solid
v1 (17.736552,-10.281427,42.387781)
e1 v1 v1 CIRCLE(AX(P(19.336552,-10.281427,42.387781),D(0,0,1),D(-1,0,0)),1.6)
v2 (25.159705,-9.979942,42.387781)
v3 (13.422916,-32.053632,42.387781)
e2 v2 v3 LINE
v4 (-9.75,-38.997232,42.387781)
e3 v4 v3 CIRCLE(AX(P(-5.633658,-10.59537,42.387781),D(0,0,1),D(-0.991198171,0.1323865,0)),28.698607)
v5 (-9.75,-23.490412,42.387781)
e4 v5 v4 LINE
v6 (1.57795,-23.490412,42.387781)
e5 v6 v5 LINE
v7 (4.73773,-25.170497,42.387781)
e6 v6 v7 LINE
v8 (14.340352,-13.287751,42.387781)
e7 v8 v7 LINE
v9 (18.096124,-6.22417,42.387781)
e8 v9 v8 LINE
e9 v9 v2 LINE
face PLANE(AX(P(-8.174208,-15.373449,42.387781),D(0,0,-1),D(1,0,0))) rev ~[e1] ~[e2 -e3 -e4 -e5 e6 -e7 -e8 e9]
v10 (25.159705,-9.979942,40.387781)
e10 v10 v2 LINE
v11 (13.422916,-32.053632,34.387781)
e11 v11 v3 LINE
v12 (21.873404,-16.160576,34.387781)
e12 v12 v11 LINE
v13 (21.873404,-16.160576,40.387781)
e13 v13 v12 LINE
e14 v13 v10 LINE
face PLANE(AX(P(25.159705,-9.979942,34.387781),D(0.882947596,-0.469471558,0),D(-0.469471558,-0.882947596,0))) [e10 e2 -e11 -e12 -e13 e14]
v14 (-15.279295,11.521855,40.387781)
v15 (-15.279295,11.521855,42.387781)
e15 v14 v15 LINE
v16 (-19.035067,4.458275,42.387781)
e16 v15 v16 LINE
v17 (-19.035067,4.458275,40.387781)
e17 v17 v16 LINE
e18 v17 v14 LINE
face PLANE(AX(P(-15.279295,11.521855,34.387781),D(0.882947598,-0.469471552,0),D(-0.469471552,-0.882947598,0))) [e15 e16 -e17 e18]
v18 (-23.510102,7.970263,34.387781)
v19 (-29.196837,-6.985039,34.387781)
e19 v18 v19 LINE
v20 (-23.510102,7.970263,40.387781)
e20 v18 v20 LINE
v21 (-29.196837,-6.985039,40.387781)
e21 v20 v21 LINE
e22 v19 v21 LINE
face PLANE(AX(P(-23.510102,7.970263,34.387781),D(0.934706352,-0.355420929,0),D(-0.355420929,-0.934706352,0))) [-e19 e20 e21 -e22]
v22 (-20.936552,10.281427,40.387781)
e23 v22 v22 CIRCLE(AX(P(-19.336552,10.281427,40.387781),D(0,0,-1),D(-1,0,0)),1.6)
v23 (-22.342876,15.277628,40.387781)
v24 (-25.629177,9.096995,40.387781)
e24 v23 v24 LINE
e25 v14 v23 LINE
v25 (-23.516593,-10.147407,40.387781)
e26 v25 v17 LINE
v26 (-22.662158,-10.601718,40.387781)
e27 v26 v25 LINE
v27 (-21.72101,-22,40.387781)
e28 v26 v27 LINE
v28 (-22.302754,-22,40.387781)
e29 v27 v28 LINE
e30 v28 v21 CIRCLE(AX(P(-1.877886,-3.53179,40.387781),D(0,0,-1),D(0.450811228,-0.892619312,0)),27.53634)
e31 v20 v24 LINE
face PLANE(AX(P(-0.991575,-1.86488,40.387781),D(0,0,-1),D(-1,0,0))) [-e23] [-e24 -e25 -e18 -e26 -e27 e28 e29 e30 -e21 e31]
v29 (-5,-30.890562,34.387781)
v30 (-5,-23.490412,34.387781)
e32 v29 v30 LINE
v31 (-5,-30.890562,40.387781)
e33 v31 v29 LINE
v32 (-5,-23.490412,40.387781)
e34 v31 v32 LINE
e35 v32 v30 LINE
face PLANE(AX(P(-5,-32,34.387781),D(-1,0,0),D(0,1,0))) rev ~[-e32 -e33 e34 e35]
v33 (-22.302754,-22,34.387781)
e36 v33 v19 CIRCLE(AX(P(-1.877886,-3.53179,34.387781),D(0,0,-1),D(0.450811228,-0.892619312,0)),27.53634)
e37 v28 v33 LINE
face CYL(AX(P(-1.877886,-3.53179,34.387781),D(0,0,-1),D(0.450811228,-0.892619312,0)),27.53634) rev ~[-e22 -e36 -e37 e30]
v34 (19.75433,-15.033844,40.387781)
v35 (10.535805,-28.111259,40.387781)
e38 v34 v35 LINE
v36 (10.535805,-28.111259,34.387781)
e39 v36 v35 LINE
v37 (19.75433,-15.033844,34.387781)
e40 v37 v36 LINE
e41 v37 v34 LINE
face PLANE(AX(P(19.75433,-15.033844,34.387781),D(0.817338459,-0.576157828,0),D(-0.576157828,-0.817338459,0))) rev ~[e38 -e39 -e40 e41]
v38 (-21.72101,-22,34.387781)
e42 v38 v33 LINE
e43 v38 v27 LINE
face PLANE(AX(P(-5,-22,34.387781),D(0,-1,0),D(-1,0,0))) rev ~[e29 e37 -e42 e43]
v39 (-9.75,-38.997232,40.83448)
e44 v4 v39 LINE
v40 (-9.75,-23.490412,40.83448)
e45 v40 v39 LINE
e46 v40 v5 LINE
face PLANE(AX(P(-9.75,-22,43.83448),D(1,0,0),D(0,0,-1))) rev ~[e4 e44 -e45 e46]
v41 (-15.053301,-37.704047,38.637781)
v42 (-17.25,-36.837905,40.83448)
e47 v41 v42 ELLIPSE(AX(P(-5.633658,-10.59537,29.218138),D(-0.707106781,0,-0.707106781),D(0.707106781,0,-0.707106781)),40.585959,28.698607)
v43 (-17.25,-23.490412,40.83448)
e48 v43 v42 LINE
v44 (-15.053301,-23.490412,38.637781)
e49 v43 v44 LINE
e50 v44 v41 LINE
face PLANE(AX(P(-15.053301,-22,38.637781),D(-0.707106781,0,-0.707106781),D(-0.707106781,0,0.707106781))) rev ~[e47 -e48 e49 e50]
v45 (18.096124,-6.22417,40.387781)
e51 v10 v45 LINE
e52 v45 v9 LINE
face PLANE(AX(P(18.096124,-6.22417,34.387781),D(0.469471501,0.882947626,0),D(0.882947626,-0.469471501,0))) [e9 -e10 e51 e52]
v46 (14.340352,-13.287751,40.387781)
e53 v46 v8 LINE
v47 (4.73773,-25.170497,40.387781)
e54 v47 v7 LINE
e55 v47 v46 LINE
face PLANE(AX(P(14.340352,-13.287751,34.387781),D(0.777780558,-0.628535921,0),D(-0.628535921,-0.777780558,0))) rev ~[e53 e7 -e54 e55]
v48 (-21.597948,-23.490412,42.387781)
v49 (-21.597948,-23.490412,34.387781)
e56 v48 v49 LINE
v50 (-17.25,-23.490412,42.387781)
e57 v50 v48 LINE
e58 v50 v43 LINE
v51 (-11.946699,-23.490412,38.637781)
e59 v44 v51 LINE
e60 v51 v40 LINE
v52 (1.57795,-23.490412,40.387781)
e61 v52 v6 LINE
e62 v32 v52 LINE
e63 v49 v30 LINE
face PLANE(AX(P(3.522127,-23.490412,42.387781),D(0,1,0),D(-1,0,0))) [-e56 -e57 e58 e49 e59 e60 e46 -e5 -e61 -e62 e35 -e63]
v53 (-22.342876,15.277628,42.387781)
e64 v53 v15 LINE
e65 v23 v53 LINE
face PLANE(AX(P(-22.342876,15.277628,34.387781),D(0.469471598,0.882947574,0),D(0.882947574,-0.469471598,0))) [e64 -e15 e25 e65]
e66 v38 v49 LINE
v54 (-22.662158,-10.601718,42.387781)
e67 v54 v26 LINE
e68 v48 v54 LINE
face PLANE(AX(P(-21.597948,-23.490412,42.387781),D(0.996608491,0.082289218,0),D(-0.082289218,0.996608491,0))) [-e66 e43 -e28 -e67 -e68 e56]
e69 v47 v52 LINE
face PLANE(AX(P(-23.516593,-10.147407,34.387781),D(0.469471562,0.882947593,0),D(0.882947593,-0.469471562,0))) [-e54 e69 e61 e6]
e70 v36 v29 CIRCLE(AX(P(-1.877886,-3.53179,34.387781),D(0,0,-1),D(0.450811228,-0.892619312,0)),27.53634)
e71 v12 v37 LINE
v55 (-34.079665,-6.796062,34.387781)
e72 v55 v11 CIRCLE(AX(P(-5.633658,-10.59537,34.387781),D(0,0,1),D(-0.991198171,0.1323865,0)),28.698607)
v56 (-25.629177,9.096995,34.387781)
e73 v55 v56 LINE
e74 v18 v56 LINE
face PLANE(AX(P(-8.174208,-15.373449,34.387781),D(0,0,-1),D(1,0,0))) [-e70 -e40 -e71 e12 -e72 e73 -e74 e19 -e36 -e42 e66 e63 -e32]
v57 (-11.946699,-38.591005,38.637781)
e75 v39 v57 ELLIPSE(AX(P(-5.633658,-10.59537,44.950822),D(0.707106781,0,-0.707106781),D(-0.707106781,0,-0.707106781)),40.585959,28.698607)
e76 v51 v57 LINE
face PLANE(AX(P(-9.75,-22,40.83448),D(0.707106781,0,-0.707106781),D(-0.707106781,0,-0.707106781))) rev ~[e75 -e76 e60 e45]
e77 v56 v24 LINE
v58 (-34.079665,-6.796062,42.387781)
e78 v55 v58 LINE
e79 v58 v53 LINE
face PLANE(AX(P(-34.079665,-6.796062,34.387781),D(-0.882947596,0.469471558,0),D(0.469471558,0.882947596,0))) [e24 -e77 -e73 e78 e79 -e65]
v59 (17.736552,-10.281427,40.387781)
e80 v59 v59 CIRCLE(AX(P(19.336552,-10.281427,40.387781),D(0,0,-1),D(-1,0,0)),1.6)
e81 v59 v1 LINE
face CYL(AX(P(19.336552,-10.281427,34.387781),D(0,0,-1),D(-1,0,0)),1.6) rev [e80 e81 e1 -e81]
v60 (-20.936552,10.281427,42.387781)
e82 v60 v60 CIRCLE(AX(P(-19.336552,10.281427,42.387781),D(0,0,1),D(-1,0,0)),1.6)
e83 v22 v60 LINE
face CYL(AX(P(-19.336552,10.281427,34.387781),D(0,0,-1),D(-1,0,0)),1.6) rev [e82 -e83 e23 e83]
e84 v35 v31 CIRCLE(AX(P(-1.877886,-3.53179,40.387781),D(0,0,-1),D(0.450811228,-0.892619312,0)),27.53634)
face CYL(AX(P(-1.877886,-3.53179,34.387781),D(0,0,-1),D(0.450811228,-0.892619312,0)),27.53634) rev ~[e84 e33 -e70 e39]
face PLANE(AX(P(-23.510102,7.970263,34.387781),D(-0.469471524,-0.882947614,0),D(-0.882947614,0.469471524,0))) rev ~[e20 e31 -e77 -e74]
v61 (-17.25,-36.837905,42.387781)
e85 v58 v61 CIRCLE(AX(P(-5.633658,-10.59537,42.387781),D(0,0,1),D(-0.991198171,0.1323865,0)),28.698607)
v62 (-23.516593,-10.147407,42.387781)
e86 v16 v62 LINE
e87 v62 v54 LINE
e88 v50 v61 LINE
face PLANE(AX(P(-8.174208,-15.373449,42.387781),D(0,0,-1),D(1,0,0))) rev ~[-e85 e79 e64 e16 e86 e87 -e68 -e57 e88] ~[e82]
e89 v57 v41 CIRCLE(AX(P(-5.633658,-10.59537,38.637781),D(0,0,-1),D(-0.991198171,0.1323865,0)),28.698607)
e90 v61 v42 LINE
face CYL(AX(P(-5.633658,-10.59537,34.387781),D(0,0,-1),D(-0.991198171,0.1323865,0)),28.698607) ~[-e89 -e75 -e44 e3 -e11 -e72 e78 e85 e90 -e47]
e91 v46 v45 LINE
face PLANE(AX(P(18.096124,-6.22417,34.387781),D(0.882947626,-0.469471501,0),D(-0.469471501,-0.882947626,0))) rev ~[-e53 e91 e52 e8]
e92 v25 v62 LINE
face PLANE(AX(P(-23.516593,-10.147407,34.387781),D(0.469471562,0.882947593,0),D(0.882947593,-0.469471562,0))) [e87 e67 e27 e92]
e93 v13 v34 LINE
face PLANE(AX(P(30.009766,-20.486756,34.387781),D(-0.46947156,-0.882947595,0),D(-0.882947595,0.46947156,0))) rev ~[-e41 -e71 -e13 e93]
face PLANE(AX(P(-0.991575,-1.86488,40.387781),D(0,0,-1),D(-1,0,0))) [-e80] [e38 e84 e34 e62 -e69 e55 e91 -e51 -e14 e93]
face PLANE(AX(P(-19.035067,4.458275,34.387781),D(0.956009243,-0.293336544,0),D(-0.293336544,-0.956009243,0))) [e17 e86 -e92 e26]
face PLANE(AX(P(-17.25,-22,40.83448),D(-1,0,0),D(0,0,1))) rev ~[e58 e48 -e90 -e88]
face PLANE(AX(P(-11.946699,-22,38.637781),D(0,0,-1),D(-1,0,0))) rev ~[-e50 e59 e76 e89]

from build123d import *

# Parameters (mm, degrees)
SKETCH_R             = 1.6
PAD_DEPTH            = 8
POCKET_DEPTH         = 6
SKETCH001_W          = 18
SKETCH001_H          = 10
PAD001_DEPTH         = 8
POCKET001_DEPTH      = 34
POCKET001_DEPTH_BACK = 12
POCKET002_DEPTH      = 8.001


with BuildPart() as part:
    # Sketch → Pad (new body)
    with BuildSketch(Plane(origin=(0, 0, 34.387781), x_dir=(-1, 0, 0), z_dir=(0, 0, 1))):
        with BuildLine():
            Line((-25.159705, 9.979942), (-13.422916, 32.053632))
            ThreePointArc((34.079665, 6.796062), (19.106838, 35.934736), (-13.422916, 32.053632))
            Line((34.079665, 6.796062), (22.342876, -15.277628))
            Line((22.342876, -15.277628), (15.279295, -11.521855))
            Line((15.279295, -11.521855), (19.035067, -4.458275))
            Line((19.035067, -4.458275), (23.516593, 10.147407))
            Line((23.516593, 10.147407), (-4.73773, 25.170497))
            Line((-14.340352, 13.287751), (-4.73773, 25.170497))
            Line((-18.096124, 6.22417), (-14.340352, 13.287751))
            Line((-18.096124, 6.22417), (-25.159705, 9.979942))
        make_face()
        with Locations((-19.336552, 10.281427)):
            Circle(SKETCH_R, mode=Mode.SUBTRACT)
        with Locations((19.336552, -10.281427)):
            Circle(SKETCH_R, mode=Mode.SUBTRACT)
    extrude(amount=PAD_DEPTH)

    # Sketch004 → Pocket (cut)
    with BuildSketch(Plane(origin=(0, 0, 34.387781), x_dir=(-1, 0, 0), z_dir=(0, 0, -1))):
        with BuildLine():
            ThreePointArc((-10.535805, -28.111259), (14.805415, -27.844935), (29.196837, -6.985039))
            Line((23.510102, 7.970263), (29.196837, -6.985039))
            Line((23.510102, 7.970263), (33.765539, 13.423175))
            Line((33.765539, 13.423175), (24.376107, 31.082127))
            Line((24.376107, 31.082127), (-39.399197, -2.827804))
            Line((-39.399197, -2.827804), (-30.009766, -20.486756))
            Line((-30.009766, -20.486756), (-19.75433, -15.033844))
            Line((-19.75433, -15.033844), (-10.535805, -28.111259))
        make_face()
    extrude(amount=-POCKET_DEPTH, mode=Mode.SUBTRACT)

    # Sketch001 (on Face13 of Pad) → Pad001 (join)
    with BuildSketch(Plane(origin=(0, 0, 34.387781), x_dir=(-1, 0, 0), z_dir=(0, 0, -1))):
        with Locations((14, -27)):
            Rectangle(SKETCH001_W, SKETCH001_H)
    extrude(amount=-PAD001_DEPTH)

    # Sketch006 (on Face16 of Pad001) → Pocket001 (cut, two sides)
    with BuildSketch(Plane(origin=(0, -22, 34.387781), x_dir=(-1, 0, 0), z_dir=(0, 1, 0))) as pocket001_sk:
        Polygon((11.946699, 4.25), (15.053301, 4.25), (17.25, 6.446699), (17.25, 9.446699), (9.75, 9.446699), (9.75, 6.446699), align=None)
    extrude(amount=-POCKET001_DEPTH, mode=Mode.SUBTRACT)
    extrude(pocket001_sk.sketch, amount=POCKET001_DEPTH_BACK, mode=Mode.SUBTRACT)

    # Sketch007 (on Face29 of Pocket001) → Pocket002 (cut, through all)
    with BuildSketch(Plane(origin=(0, 0, 42.387781), x_dir=(-1, 0, 0), z_dir=(0, 0, 1))):
        Polygon((-3.522127, 23.490412), (21.597948, 23.490412), (22.751427, 9.520575), align=None)
    extrude(amount=-POCKET002_DEPTH, mode=Mode.SUBTRACT)


solid = part.part
